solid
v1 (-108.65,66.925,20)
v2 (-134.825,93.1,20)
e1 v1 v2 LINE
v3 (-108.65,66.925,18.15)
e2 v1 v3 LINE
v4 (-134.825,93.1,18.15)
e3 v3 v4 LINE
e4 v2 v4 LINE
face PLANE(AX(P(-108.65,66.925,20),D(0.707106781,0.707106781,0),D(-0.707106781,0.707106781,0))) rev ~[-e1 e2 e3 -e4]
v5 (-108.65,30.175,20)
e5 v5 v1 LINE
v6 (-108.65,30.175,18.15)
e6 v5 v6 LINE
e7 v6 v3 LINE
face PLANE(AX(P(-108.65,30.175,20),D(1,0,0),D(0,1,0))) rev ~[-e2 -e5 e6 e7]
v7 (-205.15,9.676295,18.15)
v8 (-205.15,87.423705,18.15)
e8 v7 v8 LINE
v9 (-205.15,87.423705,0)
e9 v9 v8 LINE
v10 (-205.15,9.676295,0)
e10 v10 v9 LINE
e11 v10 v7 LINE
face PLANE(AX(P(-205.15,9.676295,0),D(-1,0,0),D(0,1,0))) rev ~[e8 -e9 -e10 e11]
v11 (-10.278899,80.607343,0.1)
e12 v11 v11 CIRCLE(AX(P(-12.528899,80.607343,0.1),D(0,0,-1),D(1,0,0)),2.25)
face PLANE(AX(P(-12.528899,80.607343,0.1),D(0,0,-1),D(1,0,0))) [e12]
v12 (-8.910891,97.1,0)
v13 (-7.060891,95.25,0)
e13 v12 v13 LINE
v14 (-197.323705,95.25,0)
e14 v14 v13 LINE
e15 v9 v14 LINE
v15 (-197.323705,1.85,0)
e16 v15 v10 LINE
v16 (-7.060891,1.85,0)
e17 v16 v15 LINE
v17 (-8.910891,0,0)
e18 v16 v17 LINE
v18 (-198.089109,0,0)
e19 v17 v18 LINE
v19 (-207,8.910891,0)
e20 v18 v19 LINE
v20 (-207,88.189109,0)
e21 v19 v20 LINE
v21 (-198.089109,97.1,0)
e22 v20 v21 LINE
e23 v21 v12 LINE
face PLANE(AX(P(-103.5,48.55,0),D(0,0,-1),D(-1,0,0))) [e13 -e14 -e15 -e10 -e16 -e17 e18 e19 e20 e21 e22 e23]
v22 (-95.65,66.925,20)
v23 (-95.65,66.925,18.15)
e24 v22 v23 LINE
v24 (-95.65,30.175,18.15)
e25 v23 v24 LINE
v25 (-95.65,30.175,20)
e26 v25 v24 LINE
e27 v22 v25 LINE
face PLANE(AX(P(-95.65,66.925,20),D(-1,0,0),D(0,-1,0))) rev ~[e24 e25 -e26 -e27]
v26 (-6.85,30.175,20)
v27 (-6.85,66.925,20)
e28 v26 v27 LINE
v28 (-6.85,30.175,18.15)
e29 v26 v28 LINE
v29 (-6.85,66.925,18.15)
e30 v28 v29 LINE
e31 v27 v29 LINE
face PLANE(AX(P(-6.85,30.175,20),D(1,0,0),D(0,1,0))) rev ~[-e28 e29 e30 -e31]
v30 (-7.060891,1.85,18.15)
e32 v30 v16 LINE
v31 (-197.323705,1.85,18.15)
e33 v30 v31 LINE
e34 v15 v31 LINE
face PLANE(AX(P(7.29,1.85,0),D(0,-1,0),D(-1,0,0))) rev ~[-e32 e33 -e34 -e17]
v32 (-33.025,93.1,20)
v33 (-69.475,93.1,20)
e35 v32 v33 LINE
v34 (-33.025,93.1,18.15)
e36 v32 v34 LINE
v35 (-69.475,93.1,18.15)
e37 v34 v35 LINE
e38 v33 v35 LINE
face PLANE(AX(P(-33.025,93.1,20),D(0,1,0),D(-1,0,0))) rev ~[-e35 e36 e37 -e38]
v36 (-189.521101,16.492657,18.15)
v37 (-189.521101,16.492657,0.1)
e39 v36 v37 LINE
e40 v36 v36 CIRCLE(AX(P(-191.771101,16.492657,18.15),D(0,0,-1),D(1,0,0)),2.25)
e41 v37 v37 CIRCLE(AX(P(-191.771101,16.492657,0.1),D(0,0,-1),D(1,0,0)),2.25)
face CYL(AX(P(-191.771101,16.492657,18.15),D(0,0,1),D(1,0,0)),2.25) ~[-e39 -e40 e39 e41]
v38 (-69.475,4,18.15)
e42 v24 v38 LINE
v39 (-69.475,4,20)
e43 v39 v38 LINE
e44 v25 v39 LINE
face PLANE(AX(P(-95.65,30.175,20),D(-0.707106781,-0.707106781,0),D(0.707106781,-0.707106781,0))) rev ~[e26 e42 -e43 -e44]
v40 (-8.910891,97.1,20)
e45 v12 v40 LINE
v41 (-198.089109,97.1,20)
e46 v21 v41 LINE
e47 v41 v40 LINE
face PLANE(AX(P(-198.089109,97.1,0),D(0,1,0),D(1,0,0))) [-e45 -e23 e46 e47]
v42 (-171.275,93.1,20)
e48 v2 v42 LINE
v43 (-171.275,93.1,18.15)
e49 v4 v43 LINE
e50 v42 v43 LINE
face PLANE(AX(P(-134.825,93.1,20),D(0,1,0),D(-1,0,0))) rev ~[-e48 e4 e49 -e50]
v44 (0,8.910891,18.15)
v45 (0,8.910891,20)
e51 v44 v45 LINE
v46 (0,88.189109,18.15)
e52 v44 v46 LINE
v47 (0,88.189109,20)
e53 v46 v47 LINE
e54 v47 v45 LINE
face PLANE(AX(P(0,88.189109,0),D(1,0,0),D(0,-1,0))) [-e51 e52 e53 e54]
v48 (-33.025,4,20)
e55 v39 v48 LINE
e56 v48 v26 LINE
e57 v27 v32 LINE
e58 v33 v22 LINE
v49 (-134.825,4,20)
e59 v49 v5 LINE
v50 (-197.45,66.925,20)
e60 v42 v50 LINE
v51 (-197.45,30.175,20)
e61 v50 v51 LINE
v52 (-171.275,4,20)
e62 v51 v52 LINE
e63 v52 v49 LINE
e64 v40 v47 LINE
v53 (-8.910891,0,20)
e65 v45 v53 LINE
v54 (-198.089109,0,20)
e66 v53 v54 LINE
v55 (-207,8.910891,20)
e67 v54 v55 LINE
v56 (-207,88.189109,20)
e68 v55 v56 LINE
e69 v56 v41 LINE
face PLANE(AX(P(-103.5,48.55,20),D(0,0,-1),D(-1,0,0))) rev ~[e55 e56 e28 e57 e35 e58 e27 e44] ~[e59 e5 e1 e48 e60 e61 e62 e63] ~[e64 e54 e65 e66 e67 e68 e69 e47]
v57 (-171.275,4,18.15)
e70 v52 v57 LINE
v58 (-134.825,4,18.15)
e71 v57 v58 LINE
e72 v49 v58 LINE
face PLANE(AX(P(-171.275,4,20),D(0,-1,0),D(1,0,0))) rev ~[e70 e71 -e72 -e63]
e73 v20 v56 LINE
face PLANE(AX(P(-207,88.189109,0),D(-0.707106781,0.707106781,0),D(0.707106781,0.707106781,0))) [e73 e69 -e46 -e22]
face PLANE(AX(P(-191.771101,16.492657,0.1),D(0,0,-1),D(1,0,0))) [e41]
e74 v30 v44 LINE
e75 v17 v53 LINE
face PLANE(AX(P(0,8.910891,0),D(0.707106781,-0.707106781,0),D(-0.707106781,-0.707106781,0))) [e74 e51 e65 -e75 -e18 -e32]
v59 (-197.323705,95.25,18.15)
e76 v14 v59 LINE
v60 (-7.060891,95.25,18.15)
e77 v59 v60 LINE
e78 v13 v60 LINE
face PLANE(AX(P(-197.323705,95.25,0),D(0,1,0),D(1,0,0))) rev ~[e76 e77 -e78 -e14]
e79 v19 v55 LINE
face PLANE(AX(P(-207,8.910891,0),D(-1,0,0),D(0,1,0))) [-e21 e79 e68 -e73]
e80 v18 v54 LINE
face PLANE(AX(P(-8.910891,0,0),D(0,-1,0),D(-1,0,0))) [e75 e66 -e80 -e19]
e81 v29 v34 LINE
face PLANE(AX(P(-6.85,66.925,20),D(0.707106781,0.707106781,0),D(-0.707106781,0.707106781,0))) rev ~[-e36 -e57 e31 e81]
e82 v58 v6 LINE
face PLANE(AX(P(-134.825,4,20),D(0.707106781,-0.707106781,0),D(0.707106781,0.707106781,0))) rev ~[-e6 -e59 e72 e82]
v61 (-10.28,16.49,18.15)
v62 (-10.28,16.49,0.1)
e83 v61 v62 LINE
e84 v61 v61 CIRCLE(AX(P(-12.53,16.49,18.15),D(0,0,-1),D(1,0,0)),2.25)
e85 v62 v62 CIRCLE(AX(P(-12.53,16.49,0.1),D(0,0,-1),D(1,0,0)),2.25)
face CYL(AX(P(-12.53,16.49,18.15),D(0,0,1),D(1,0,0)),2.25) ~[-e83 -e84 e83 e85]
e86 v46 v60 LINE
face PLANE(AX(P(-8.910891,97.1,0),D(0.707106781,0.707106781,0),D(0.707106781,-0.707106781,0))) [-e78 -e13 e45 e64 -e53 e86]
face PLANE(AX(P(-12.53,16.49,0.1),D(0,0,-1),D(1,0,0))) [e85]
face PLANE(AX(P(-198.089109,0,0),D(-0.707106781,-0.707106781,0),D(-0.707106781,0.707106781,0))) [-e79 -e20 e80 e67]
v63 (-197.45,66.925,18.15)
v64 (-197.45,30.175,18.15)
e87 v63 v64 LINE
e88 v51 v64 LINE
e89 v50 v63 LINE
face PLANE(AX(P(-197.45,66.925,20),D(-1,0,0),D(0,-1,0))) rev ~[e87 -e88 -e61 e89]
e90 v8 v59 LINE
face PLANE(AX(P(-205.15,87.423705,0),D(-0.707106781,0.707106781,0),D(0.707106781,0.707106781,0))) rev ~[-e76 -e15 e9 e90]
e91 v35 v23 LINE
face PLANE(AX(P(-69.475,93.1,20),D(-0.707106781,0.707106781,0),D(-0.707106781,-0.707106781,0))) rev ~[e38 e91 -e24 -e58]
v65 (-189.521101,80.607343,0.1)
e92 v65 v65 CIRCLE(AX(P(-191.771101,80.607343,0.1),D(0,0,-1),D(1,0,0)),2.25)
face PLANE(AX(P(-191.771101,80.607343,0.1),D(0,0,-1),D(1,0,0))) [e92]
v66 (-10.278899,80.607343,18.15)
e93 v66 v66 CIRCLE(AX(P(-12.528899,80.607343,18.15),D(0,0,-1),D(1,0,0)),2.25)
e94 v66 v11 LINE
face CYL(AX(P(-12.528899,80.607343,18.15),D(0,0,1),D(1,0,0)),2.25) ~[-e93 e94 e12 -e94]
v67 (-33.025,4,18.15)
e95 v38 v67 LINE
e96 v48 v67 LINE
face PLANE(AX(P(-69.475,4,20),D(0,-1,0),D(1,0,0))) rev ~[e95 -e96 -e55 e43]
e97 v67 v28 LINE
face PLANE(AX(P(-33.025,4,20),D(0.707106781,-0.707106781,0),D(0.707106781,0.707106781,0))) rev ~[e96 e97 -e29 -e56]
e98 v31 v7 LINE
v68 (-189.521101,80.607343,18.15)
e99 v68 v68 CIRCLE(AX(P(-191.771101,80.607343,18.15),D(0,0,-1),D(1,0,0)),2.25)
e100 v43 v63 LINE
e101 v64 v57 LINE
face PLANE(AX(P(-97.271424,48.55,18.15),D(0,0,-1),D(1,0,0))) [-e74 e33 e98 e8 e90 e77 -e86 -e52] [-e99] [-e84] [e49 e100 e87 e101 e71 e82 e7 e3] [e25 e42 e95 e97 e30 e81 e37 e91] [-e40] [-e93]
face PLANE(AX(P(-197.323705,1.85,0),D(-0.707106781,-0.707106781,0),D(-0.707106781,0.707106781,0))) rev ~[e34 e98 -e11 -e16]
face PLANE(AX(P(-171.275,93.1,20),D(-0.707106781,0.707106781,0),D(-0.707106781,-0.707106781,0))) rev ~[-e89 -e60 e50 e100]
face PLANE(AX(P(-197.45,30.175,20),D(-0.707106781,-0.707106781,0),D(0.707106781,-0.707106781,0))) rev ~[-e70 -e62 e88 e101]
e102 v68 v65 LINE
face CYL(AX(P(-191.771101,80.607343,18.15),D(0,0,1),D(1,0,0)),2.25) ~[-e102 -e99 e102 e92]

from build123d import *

# Parameters (mm, degrees)
PAD_DEPTH       = 20
POCKET_DEPTH    = 20
POCKET001_DEPTH = 18.15
SKETCH003_R     = 2.25
PAD001_DEPTH    = 18.05


with BuildPart() as part:
    # Sketch → Pad (new body)
    with BuildSketch(Plane.XY):
        Polygon((-8.910891, 97.1), (0, 88.189109), (0, 8.910891), (-8.910891, 0), (-198.089109, 0), (-207, 8.910891), (-207, 88.189109), (-198.089109, 97.1), align=None)
    extrude(amount=PAD_DEPTH)

    # Sketch001 (on Face10 of Pad) → Pocket (cut)
    with BuildSketch(Plane.XY.offset(20)):
        Polygon((-95.65, 66.925), (-95.65, 30.175), (-69.475, 4), (-33.025, 4), (-6.85, 30.175), (-6.85, 66.925), (-33.025, 93.1), (-69.475, 93.1), align=None)
        Polygon((-197.45, 66.925), (-197.45, 30.175), (-171.275, 4), (-134.825, 4), (-108.65, 30.175), (-108.65, 66.925), (-134.825, 93.1), (-171.275, 93.1), align=None)
    extrude(amount=-POCKET_DEPTH, mode=Mode.SUBTRACT)

    # Sketch002 (on Face4 of Pocket) → Pocket001 (cut)
    with BuildSketch(Plane(origin=(0, 0, 0), x_dir=(1, 0, 0), z_dir=(0, 0, -1))):
        Polygon((-197.323705, -1.85), (-205.15, -9.676295), (-205.15, -87.423705), (-197.323705, -95.25), (7.29, -95.25), (7.29, -1.85), align=None)
    extrude(amount=-POCKET001_DEPTH, mode=Mode.SUBTRACT)

    # Sketch003 (on Face32 of Pocket001) → Pad001 (join)
    with BuildSketch(Plane(origin=(0, 0, 18.15), x_dir=(1, 0, 0), z_dir=(0, 0, -1))):
        with Locations((-12.53, -16.49)):
            Circle(SKETCH003_R)
        with Locations((-191.771101, -16.492657)):
            Circle(SKETCH003_R)
        with Locations((-12.528899, -80.607343)):
            Circle(SKETCH003_R)
        with Locations((-191.771101, -80.607343)):
            Circle(SKETCH003_R)
    extrude(amount=PAD001_DEPTH)


solid = part.part
